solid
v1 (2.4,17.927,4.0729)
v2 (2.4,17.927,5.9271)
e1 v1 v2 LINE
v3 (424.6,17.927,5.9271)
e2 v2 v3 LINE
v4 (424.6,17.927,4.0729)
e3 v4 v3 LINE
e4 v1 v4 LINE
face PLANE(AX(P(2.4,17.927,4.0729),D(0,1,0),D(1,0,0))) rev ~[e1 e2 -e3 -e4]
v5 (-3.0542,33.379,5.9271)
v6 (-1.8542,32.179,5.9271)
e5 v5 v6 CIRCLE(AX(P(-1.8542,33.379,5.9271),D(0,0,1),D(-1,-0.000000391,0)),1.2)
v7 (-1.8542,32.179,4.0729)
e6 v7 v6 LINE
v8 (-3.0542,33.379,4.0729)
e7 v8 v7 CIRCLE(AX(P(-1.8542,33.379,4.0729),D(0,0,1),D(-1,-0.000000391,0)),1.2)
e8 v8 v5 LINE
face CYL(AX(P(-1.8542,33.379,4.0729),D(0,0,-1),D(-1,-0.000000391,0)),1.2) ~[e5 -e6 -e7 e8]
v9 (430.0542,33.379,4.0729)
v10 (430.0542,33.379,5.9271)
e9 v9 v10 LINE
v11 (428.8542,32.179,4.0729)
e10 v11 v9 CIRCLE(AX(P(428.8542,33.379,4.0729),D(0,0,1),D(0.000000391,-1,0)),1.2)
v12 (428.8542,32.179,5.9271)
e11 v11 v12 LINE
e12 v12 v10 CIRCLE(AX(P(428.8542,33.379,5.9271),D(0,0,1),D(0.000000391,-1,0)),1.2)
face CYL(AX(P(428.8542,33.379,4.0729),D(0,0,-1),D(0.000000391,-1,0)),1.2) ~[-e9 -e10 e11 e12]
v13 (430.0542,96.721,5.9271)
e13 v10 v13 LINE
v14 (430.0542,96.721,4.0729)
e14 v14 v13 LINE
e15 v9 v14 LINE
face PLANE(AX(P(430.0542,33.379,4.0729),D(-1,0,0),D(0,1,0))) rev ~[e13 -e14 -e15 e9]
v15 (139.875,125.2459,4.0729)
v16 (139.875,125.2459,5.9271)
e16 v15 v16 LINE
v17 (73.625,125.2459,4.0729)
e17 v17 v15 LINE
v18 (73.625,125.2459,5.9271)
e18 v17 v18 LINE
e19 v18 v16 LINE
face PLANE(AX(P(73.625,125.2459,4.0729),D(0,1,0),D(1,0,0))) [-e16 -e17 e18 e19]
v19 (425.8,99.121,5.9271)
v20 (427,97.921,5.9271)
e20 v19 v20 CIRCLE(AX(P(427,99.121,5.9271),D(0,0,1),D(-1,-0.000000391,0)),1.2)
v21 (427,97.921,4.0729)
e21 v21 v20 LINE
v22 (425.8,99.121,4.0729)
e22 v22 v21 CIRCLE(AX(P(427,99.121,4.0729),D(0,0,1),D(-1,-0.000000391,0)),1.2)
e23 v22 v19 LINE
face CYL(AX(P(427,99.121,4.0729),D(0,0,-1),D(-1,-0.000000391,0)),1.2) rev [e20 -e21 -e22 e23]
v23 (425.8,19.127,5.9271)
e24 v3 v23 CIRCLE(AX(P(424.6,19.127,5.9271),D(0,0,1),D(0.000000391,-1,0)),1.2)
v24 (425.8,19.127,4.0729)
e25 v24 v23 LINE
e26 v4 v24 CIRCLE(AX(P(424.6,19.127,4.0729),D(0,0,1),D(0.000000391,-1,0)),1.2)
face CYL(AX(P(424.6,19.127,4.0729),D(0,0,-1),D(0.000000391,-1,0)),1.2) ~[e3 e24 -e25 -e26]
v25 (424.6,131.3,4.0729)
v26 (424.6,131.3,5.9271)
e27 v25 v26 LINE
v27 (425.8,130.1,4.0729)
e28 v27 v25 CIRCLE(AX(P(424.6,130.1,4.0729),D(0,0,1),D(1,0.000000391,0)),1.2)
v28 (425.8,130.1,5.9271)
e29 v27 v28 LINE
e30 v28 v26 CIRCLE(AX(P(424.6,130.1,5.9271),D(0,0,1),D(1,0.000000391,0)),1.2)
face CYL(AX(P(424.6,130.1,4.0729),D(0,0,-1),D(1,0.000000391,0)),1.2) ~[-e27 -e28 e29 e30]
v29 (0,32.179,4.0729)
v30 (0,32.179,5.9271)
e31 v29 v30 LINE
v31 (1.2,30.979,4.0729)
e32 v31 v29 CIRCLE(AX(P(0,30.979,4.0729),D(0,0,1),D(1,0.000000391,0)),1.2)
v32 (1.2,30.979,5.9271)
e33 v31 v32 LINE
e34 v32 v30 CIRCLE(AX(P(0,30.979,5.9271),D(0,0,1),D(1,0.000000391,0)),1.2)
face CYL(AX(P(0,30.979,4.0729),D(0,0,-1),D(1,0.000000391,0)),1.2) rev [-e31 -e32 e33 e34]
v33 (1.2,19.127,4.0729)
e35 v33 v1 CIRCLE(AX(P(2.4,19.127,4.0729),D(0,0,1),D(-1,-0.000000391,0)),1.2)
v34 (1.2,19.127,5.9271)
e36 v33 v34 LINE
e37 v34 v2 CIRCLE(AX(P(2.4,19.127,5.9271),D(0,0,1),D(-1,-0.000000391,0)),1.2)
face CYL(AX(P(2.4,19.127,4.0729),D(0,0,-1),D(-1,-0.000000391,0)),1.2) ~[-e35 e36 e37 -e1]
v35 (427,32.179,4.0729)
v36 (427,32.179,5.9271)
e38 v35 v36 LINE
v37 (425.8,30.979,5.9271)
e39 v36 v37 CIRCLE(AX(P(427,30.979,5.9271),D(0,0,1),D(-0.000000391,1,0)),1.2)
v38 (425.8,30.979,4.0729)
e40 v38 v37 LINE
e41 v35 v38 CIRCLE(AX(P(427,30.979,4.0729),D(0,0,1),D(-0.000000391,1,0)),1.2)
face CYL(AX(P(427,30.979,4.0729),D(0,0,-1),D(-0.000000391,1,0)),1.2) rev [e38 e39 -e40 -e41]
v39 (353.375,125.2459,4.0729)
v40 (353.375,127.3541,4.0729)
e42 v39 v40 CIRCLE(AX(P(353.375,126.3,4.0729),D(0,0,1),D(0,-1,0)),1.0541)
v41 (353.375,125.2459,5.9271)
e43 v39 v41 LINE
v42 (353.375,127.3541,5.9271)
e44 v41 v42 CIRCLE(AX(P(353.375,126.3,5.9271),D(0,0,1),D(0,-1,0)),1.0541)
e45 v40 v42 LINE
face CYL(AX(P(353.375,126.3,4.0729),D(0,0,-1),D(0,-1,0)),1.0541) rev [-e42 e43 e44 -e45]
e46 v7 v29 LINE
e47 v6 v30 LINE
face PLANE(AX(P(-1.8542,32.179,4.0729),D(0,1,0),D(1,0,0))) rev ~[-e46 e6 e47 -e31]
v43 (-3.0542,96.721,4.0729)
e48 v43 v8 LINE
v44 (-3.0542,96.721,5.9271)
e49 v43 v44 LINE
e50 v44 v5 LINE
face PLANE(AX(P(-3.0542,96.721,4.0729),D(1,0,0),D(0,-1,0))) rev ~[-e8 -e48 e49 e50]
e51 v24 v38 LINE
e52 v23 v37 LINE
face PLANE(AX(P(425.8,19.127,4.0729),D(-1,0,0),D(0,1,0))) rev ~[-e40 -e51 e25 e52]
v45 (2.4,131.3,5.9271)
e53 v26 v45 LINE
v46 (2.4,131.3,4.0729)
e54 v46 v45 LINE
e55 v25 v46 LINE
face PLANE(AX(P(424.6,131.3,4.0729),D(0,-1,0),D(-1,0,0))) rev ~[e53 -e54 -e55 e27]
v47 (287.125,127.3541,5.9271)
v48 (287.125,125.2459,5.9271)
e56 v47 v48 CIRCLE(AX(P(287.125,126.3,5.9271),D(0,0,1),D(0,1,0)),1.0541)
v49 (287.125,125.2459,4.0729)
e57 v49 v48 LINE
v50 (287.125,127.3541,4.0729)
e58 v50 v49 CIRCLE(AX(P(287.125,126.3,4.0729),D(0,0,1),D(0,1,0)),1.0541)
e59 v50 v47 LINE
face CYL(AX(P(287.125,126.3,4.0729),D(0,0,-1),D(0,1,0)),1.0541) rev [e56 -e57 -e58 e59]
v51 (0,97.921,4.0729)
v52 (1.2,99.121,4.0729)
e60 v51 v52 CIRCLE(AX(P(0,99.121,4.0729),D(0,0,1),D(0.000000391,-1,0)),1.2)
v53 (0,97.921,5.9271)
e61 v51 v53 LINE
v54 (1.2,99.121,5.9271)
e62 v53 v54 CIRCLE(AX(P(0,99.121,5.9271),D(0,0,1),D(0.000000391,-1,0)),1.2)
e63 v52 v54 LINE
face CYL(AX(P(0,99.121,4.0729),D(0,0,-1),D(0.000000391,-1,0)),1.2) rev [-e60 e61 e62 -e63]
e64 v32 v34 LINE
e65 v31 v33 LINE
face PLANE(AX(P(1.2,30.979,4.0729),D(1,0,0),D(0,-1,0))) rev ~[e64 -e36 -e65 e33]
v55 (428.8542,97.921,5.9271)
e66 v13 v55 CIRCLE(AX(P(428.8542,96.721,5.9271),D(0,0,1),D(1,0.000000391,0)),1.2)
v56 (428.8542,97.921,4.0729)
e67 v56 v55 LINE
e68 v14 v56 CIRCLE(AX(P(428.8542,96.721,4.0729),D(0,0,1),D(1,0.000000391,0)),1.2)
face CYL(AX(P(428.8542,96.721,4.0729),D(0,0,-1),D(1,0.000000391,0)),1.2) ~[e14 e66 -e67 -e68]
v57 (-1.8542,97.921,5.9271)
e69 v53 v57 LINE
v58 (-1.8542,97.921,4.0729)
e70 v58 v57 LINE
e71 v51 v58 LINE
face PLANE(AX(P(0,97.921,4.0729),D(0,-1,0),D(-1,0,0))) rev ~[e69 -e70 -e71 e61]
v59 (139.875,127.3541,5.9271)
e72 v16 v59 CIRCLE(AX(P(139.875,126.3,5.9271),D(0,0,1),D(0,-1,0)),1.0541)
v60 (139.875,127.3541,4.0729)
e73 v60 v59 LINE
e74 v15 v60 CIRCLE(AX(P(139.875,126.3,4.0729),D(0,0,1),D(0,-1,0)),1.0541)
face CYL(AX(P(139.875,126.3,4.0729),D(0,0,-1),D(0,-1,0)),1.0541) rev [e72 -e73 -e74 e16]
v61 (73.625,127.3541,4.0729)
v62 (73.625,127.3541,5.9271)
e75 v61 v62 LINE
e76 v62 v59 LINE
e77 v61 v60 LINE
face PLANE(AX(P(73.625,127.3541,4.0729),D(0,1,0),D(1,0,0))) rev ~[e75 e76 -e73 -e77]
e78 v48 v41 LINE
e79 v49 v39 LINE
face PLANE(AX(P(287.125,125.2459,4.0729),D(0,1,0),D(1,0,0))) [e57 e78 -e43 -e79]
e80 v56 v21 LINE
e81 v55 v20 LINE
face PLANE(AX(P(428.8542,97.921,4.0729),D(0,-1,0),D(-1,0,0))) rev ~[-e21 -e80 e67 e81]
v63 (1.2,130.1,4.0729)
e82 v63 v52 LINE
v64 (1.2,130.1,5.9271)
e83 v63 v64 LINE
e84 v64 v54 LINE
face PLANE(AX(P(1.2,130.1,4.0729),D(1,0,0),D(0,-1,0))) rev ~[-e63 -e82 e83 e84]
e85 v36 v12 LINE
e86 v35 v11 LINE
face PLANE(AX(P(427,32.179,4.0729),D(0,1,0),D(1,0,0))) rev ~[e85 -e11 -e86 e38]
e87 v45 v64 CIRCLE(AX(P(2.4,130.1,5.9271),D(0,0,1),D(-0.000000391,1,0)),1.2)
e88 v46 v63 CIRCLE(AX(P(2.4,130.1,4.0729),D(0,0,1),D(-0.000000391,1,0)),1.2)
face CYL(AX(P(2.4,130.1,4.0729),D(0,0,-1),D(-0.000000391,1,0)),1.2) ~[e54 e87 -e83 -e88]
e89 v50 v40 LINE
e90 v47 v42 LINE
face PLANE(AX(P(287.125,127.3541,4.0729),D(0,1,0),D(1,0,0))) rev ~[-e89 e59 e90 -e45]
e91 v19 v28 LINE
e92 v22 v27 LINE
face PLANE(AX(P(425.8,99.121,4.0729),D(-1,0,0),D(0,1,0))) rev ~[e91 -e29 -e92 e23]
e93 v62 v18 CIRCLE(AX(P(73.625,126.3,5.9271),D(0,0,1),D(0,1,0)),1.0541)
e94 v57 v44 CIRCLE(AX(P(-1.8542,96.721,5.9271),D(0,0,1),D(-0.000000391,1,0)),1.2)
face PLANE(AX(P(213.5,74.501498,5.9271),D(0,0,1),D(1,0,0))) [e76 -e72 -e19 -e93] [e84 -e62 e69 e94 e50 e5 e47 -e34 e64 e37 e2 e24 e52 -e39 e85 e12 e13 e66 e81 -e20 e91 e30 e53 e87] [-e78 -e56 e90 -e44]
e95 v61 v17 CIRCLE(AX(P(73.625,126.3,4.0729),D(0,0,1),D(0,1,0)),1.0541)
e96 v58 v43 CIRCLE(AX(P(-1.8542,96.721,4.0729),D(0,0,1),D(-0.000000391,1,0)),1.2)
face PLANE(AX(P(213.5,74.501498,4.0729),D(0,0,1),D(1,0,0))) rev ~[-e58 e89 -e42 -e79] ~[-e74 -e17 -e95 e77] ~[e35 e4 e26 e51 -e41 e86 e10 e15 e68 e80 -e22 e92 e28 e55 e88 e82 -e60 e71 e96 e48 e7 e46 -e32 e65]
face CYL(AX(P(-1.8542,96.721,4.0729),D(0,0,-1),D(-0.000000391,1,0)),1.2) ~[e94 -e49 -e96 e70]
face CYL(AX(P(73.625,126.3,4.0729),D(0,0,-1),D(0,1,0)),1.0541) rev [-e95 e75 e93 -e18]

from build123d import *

# Parameters (mm, degrees)
PAD_DEPTH = 1.8542


with BuildPart() as part:
    # Sketch (on Face17 of Binder) → Pad (new body)
    with BuildSketch(Plane.XY.offset(4.0729)):
        with BuildLine():
            Line((-3.0542, 96.721), (-3.0542, 33.379))
            ThreePointArc((-3.0542, 33.379), (-2.702728, 32.530472), (-1.8542, 32.179))
            Line((-1.8542, 32.179), (0, 32.179))
            ThreePointArc((1.2, 30.979), (0.848528, 31.827528), (0, 32.179))
            Line((1.2, 30.979), (1.2, 19.127))
            ThreePointArc((1.2, 19.127), (1.551472, 18.278472), (2.4, 17.927))
            Line((2.4, 17.927), (424.6, 17.927))
            ThreePointArc((424.6, 17.927), (425.448528, 18.278472), (425.8, 19.127))
            Line((425.8, 19.127), (425.8, 30.979))
            ThreePointArc((427, 32.179), (426.151472, 31.827528), (425.8, 30.979))
            Line((427, 32.179), (428.8542, 32.179))
            ThreePointArc((428.8542, 32.179), (429.702728, 32.530472), (430.0542, 33.379))
            Line((430.0542, 33.379), (430.0542, 96.721))
            ThreePointArc((430.0542, 96.721), (429.702728, 97.569528), (428.8542, 97.921))
            Line((428.8542, 97.921), (427, 97.921))
            ThreePointArc((425.8, 99.121), (426.151472, 98.272472), (427, 97.921))
            Line((425.8, 99.121), (425.8, 130.1))
            ThreePointArc((425.8, 130.1), (425.448528, 130.948528), (424.6, 131.3))
            Line((424.6, 131.3), (2.4, 131.3))
            ThreePointArc((2.4, 131.3), (1.551472, 130.948528), (1.2, 130.1))
            Line((1.2, 130.1), (1.2, 99.121))
            ThreePointArc((0, 97.921), (0.848528, 98.272472), (1.2, 99.121))
            Line((0, 97.921), (-1.8542, 97.921))
            ThreePointArc((-1.8542, 97.921), (-2.702728, 97.569528), (-3.0542, 96.721))
        make_face()
        with BuildLine():
            ThreePointArc((73.625, 127.3541), (72.5709, 126.3), (73.625, 125.2459))
            Line((73.625, 125.2459), (139.875, 125.2459))
            ThreePointArc((139.875, 125.2459), (140.9291, 126.3), (139.875, 127.3541))
            Line((73.625, 127.3541), (139.875, 127.3541))
        make_face(mode=Mode.SUBTRACT)
        with BuildLine():
            ThreePointArc((287.125, 127.3541), (286.0709, 126.3), (287.125, 125.2459))
            Line((287.125, 125.2459), (353.375, 125.2459))
            ThreePointArc((353.375, 125.2459), (354.4291, 126.3), (353.375, 127.3541))
            Line((287.125, 127.3541), (353.375, 127.3541))
        make_face(mode=Mode.SUBTRACT)
    extrude(amount=PAD_DEPTH)


solid = part.part
